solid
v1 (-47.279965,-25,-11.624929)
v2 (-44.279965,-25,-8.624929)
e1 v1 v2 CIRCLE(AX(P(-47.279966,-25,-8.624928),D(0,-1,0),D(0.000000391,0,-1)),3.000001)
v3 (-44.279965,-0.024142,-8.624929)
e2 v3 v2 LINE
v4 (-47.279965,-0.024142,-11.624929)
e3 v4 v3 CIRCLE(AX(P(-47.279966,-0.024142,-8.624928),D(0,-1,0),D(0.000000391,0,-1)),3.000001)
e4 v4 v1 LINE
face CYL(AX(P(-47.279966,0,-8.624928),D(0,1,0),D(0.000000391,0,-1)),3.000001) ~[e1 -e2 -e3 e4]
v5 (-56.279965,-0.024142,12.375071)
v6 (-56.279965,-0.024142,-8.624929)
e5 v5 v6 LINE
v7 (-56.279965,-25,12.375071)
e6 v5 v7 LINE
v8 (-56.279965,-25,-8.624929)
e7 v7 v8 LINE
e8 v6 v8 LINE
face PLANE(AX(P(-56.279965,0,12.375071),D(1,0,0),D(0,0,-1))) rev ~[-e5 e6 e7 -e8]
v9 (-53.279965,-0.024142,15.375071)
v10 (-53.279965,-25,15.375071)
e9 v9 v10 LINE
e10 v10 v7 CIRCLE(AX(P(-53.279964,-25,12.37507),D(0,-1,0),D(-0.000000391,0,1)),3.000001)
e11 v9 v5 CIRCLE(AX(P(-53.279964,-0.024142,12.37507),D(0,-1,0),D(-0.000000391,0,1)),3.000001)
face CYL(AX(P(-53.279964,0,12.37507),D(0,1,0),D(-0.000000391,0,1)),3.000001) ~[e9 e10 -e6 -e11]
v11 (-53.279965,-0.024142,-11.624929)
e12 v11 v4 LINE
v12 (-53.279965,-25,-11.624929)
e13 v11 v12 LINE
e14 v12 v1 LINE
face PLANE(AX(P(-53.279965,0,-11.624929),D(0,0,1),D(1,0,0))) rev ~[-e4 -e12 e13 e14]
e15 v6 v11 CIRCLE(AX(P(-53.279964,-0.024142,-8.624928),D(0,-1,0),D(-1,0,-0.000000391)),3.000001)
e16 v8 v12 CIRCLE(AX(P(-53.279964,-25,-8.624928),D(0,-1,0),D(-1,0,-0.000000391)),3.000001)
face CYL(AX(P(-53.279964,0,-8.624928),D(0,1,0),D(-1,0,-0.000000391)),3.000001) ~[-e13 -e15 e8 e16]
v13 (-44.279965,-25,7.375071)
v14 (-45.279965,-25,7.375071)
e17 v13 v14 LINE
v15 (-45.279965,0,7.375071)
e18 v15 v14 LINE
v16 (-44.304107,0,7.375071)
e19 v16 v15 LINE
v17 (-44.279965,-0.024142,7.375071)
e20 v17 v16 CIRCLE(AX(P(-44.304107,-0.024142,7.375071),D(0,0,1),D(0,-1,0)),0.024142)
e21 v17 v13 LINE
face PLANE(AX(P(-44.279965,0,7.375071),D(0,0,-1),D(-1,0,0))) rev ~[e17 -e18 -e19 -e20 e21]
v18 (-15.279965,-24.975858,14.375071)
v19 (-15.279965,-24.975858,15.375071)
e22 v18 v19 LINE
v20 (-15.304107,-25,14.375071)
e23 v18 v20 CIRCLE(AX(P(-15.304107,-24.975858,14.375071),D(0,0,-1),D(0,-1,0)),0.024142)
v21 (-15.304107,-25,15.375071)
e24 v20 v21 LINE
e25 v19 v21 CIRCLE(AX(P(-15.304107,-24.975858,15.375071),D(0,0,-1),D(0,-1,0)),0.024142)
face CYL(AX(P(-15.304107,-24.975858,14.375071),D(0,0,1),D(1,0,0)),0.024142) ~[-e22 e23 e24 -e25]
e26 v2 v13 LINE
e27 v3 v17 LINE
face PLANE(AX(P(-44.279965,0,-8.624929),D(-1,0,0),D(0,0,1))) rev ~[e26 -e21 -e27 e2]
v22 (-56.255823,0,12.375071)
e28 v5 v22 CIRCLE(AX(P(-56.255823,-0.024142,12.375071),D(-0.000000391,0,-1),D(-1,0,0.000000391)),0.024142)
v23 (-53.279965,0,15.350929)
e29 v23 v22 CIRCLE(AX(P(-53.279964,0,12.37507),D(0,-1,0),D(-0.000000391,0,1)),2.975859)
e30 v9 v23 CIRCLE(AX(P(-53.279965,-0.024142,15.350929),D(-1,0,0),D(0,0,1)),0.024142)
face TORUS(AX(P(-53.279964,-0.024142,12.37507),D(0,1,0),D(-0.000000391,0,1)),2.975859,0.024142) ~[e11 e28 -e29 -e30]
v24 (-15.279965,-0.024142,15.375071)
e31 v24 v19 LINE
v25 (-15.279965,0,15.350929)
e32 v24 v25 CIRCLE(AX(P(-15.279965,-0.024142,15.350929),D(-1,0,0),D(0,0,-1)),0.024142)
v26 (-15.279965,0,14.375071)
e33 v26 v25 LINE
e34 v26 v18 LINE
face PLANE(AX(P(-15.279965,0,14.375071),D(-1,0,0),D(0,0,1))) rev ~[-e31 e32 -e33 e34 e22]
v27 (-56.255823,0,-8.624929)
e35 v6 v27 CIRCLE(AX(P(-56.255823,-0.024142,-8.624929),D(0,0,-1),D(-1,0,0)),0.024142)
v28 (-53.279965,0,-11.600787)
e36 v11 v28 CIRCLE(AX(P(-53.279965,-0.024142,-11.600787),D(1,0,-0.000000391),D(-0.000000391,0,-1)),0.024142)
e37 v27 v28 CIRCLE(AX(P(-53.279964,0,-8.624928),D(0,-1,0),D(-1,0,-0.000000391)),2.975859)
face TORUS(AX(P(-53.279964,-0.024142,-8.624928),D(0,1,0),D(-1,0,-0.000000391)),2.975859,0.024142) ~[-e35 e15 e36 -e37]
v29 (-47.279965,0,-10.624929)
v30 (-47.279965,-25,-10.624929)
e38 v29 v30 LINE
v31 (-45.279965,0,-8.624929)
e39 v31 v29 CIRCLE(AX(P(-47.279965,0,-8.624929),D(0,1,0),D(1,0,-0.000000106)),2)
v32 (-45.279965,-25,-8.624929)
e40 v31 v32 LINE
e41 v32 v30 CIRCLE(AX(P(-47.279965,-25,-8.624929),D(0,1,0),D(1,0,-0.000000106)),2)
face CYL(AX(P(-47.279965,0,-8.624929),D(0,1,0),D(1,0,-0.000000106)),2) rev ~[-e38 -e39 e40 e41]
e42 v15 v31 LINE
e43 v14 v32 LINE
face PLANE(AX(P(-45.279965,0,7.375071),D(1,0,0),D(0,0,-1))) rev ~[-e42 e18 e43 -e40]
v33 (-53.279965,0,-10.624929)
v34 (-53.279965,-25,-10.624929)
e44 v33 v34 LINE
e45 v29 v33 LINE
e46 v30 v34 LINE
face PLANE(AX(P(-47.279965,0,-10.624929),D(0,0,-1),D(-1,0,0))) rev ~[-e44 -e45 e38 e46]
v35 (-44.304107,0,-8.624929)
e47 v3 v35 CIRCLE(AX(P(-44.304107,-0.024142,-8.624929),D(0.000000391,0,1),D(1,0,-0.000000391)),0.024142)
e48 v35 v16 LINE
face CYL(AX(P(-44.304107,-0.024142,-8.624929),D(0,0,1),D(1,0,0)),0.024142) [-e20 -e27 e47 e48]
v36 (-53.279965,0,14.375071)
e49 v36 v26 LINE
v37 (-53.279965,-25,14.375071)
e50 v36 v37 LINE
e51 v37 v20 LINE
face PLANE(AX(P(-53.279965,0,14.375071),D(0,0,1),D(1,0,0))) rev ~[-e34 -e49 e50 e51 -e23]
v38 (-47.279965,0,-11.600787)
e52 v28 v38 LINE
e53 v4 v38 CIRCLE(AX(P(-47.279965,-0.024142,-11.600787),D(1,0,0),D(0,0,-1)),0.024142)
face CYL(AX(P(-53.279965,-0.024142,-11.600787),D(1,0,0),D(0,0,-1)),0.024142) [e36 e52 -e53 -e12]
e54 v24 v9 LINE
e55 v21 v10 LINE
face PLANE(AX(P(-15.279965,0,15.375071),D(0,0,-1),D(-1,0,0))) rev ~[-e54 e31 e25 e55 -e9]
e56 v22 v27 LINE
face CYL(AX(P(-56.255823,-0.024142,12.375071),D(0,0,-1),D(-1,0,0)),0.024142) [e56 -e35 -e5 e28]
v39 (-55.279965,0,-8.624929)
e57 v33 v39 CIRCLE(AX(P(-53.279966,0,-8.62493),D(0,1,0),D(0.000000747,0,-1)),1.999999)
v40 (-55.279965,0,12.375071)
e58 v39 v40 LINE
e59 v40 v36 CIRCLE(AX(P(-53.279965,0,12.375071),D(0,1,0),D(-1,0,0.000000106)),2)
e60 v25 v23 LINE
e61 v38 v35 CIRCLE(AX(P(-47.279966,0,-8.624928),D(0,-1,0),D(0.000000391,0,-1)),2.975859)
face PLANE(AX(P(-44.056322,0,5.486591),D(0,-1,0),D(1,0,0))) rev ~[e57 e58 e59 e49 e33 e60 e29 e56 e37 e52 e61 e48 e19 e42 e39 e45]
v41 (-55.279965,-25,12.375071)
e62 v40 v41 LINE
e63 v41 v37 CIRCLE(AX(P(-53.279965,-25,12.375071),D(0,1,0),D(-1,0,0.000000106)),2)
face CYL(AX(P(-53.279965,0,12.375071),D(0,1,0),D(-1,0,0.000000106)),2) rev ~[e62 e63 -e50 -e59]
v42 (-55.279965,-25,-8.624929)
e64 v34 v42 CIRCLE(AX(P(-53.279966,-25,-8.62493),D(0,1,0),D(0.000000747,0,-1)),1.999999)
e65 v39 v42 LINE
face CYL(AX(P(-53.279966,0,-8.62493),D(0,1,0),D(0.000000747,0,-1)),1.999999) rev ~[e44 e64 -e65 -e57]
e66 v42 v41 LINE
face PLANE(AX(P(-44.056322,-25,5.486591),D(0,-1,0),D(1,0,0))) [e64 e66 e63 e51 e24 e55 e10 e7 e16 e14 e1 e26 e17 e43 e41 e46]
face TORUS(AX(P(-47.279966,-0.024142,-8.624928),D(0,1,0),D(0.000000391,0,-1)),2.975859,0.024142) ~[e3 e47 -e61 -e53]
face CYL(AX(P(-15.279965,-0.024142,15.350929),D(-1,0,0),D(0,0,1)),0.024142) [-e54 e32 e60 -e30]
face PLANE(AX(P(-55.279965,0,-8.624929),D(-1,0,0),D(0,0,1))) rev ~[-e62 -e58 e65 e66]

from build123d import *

# Parameters (mm, degrees)
F1_DEPTH = 25
F2_R     = 0.024142


with BuildPart() as f1:
    # F0 (on Front) → F1 (new body)
    with BuildSketch(Plane.XZ):
        with BuildLine():
            Line((-55.279965, -8.624929), (-55.279965, 12.375071))
            ThreePointArc((-55.279965, 12.375071), (-54.694179, 13.789284), (-53.279965, 14.375071))
            Line((-53.279965, 14.375071), (-15.279965, 14.375071))
            Line((-15.279965, 14.375071), (-15.279965, 15.375071))
            Line((-15.279965, 15.375071), (-53.279965, 15.375071))
            ThreePointArc((-53.279965, 15.375071), (-55.401285, 14.496391), (-56.279965, 12.375071))
            Line((-56.279965, 12.375071), (-56.279965, -8.624929))
            ThreePointArc((-56.279965, -8.624929), (-55.401285, -10.746249), (-53.279965, -11.624929))
            Line((-53.279965, -11.624929), (-47.279965, -11.624929))
            ThreePointArc((-47.279965, -11.624929), (-45.158645, -10.746249), (-44.279965, -8.624929))
            Line((-44.279965, -8.624929), (-44.279965, 7.375071))
            Line((-44.279965, 7.375071), (-45.279965, 7.375071))
            Line((-45.279965, 7.375071), (-45.279965, -8.624929))
            ThreePointArc((-45.279965, -8.624929), (-45.865752, -10.039143), (-47.279965, -10.624929))
            Line((-47.279965, -10.624929), (-53.279965, -10.624929))
            ThreePointArc((-53.279965, -10.624929), (-54.694179, -10.039143), (-55.279965, -8.624929))
        make_face()
    extrude(amount=F1_DEPTH)

    # F2
    f2_edges = [f1.edges().sort_by_distance(p)[0] for p in [
        (-15.279965, -25, 14.875071),
        (-34.279965, 0, 15.375071),
    ]]
    fillet(f2_edges, radius=F2_R)


solid = f1.part
